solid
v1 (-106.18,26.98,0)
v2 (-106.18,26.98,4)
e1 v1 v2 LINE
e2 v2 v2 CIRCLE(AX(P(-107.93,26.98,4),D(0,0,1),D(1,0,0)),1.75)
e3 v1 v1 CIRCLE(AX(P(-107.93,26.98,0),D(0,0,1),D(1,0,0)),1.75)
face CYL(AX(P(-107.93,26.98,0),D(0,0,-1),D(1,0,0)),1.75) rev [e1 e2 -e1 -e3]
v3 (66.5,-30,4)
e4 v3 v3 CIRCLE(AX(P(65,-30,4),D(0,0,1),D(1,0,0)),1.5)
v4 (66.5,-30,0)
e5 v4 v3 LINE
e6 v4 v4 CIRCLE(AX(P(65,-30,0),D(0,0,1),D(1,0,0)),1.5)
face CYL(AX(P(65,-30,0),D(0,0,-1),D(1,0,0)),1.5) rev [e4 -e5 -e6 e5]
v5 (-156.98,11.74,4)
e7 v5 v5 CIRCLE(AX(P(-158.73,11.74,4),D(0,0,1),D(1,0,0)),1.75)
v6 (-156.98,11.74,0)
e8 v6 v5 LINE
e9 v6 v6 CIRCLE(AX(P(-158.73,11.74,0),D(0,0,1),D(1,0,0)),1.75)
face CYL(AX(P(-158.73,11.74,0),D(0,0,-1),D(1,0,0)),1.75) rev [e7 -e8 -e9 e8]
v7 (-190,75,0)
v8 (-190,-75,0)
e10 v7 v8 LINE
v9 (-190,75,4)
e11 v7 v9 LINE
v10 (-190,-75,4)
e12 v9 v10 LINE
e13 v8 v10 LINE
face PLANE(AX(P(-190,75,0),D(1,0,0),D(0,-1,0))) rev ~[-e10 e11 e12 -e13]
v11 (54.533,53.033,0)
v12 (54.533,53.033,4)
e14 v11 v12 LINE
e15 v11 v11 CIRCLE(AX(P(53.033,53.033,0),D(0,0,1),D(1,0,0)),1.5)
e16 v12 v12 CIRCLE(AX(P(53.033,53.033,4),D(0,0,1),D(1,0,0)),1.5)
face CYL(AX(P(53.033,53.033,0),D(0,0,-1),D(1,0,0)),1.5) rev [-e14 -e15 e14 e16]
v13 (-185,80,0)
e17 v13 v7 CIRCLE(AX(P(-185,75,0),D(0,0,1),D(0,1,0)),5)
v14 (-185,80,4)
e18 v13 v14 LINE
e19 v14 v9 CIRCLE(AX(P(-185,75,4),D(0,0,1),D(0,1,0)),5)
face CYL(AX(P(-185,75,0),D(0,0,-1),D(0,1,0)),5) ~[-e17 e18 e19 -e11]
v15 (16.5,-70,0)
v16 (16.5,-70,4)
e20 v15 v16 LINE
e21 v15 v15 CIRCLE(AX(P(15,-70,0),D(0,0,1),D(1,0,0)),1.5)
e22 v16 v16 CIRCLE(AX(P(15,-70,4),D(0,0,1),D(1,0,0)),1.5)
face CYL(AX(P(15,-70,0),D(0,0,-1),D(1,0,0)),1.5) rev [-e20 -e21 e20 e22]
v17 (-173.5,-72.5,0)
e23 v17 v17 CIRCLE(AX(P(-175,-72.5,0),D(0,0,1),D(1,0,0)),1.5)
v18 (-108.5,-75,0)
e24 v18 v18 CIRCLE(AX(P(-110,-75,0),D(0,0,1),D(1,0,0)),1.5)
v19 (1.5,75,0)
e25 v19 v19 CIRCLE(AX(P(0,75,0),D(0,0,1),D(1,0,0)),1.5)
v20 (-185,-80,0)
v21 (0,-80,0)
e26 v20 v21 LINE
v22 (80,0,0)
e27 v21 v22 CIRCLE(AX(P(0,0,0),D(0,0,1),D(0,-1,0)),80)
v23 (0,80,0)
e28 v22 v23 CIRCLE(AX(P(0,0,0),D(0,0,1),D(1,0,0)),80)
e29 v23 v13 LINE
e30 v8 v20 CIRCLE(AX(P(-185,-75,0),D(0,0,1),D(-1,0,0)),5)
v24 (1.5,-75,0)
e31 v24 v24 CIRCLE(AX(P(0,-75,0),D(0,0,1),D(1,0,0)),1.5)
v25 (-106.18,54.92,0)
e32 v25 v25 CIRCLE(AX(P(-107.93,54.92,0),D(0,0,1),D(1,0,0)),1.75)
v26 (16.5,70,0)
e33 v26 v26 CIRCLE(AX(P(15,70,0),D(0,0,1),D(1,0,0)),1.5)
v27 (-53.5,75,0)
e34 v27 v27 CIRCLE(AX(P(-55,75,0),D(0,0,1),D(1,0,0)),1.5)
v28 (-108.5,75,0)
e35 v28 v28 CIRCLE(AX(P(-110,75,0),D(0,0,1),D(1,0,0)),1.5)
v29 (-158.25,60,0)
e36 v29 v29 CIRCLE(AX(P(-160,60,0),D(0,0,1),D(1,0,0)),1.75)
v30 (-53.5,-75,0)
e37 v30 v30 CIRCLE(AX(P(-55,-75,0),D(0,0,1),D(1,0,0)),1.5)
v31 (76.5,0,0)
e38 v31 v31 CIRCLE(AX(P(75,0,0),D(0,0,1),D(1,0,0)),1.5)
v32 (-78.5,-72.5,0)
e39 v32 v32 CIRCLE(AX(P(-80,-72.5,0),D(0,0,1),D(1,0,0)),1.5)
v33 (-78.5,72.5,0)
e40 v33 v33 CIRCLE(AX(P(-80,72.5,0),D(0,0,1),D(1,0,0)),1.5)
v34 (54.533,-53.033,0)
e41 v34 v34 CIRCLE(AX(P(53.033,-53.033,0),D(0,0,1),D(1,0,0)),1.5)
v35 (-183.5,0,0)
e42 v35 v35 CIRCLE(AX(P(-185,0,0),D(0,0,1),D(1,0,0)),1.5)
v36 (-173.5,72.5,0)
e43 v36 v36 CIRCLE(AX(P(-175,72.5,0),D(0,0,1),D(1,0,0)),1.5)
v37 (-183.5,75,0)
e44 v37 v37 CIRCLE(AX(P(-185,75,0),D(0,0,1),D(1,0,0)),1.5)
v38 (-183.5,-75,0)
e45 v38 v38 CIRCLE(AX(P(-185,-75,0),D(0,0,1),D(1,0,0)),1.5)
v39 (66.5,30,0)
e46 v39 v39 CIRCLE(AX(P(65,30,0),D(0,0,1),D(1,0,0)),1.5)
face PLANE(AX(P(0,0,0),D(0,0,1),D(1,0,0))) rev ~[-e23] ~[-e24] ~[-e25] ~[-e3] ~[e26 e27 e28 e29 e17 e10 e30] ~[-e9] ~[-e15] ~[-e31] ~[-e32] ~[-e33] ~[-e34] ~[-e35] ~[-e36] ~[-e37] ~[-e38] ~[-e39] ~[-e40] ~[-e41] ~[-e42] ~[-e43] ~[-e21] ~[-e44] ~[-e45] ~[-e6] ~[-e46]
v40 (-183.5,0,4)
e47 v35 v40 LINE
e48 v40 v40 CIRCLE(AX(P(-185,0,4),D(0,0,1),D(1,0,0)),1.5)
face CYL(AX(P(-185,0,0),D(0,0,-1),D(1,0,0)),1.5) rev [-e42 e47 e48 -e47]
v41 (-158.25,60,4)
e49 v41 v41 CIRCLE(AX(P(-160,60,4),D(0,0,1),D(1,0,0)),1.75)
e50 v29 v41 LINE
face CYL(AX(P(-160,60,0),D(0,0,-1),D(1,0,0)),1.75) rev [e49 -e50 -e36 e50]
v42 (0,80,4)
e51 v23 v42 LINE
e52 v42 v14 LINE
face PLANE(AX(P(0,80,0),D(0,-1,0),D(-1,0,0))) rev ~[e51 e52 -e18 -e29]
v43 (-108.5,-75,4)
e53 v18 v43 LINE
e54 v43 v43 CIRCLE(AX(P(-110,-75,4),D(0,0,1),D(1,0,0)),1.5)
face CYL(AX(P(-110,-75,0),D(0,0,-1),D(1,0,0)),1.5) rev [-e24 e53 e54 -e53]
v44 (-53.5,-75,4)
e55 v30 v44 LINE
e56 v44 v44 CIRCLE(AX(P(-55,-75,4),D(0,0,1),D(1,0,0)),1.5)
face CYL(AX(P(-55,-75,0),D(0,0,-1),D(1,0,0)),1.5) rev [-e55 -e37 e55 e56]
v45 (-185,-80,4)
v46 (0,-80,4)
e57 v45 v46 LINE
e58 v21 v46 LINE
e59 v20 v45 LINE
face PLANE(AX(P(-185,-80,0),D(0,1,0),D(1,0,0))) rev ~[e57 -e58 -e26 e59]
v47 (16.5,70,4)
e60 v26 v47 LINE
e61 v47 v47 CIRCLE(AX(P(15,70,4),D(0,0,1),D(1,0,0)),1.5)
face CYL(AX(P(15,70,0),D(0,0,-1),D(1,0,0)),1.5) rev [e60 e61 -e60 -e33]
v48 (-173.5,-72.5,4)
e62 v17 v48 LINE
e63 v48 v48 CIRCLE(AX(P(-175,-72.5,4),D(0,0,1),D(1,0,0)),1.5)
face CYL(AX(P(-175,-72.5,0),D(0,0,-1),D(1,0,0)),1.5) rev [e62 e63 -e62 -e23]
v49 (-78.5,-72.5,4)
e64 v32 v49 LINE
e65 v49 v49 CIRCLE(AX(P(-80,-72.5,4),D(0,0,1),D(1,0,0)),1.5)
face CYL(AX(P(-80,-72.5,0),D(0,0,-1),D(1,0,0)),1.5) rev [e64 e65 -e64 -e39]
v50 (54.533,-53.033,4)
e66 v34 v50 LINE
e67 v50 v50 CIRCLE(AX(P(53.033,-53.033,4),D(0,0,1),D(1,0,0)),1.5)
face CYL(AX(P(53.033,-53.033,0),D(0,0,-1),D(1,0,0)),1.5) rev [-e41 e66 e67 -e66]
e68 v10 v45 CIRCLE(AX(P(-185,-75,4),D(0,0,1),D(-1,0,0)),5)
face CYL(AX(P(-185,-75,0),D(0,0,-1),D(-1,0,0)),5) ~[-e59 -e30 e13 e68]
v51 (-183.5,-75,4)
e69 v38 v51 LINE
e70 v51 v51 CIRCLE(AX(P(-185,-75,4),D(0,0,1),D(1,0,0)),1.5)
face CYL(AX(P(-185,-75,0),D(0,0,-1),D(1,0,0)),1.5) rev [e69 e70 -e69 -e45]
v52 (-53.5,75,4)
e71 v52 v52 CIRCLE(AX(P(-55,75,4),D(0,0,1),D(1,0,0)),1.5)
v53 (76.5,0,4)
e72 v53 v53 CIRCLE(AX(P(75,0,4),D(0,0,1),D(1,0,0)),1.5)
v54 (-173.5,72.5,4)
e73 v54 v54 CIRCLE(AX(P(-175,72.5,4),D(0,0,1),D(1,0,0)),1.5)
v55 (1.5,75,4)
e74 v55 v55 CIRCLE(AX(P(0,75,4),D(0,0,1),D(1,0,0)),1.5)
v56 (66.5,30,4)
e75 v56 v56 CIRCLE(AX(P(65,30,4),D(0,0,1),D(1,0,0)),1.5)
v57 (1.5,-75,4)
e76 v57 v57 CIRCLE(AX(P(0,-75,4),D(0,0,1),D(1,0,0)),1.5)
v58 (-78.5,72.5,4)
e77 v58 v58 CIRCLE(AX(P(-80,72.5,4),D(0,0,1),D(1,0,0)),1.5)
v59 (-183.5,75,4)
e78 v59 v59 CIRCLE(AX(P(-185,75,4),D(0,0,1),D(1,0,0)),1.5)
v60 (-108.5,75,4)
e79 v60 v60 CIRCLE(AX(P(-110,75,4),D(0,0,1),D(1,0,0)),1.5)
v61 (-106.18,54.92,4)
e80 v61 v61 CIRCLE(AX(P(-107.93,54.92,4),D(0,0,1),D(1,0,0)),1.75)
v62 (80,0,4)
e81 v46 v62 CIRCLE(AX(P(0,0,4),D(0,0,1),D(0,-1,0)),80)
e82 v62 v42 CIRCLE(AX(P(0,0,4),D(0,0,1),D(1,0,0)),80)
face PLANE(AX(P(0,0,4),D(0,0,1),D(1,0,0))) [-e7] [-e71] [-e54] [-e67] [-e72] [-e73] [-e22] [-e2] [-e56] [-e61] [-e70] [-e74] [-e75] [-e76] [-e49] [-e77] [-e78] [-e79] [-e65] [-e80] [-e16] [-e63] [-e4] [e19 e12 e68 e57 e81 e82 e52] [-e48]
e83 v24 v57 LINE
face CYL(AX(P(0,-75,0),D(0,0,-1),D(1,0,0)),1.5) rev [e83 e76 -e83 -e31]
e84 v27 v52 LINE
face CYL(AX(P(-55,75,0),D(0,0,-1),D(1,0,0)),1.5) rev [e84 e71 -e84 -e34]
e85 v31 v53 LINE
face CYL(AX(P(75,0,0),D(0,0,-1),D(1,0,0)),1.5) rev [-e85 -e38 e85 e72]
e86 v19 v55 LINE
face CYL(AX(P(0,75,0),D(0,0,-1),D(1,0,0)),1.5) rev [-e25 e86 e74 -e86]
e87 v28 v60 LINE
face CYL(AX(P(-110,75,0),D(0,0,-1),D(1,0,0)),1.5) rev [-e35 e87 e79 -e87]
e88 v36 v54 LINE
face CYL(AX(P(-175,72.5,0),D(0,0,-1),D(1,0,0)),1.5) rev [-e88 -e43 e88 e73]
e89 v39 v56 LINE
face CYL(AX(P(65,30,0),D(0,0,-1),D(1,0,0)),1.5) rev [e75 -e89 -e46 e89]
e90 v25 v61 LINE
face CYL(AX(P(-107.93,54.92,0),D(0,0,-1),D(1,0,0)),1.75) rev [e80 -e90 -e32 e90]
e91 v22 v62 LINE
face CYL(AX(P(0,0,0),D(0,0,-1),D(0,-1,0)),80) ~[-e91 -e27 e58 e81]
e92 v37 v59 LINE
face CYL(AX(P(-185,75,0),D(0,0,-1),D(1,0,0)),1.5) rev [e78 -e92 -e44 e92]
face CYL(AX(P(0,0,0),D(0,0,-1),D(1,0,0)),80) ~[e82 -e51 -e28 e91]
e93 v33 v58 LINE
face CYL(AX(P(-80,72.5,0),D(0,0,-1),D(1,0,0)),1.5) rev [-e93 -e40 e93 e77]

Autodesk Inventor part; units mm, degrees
ref_plane "YZ Plane" through (0, 0, 0) normal (1, 0, 0) x (0, 1, 0)
ref_plane "XZ Plane" through (0, 0, 0) normal (0, 1, 0) x (-1, 0, 0)
ref_plane "XY Plane" through (0, 0, 0) normal (0, 0, 1) x (1, 0, 0)
sketch "Sketch1" plane through (0, 0, 0) normal (0, 0, 1) x (1, 0, 0)
  line L0 (-185, -80) -> (0, -80)
  line L1 (0, 80) -> (-185, 80)
  line L2 (-190, 75) -> (-190, -75)
  line L3 (80, 0) -> (80, 0)
  arc A0 (0, -80) -> (80, 0) centre (0, 0) ccw
  arc A1 (80, 0) -> (0, 80) centre (0, 0) ccw
  circle A2 centre (75, 0) radius 1.5
  circle A3 centre (53.033, -53.033) radius 1.5
  circle A4 centre (0, -75) radius 1.5
  circle A5 centre (-55, -75) radius 1.5
  circle A6 centre (-110, -75) radius 1.5
  circle A7 centre (-185, -75) radius 1.5
  circle A8 centre (-185, 0) radius 1.5
  circle A9 centre (53.033, 53.033) radius 1.5
  circle A10 centre (0, 75) radius 1.5
  circle A11 centre (-55, 75) radius 1.5
  circle A12 centre (-110, 75) radius 1.5
  circle A13 centre (-185, 75) radius 1.5
  circle A14 centre (65, -30) radius 1.5
  circle A15 centre (65, 30) radius 1.5
  circle A16 centre (15, -70) radius 1.5
  circle A17 centre (-175, -72.5) radius 1.5
  circle A18 centre (-80, -72.5) radius 1.5
  circle A19 centre (15, 70) radius 1.5
  circle A20 centre (-175, 72.5) radius 1.5
  circle A21 centre (-80, 72.5) radius 1.5
  circle A22 centre (-160, 60) radius 1.75
  circle A23 centre (-158.73, 11.74) radius 1.75
  circle A24 centre (-107.93, 54.92) radius 1.75
  circle A25 centre (-107.93, 26.98) radius 1.75
  arc A26 (-185, 80) -> (-190, 75) centre (-185, 75) ccw
  arc A27 (-190, -75) -> (-185, -80) centre (-185, -75) ccw
  point P0 (120, -80)
  point P1 (80, 0)
  point P2 (-190, 0)
  point P3 (-92.5, -80)
  dimension "d49" = 80
  dimension "Furos" = 3
  dimension "d55" = 3
  dimension "d57" = 3
  dimension "d61" = 3
  dimension "d62" = 3
  dimension "d63" = 3
  dimension "d64" = 3
  dimension "d71" = 3
  dimension "d75" = 3
  dimension "d79" = 3
  dimension "d84" = 3
  dimension "d87" = 3.5
  dimension "d89" = 3.5
  dimension "d97" = 3.5
  dimension "d99" = 3.5
  dimension "d107" = 80
  dimension "d108" = 80
  dimension "d109" = 160
  dimension "d110" = 190
  dimension "d111" = 80
  dimension "d112" = 80
  dimension "d113" = 75
  dimension "d114" = 5
  dimension "d115" = 30
  dimension "d116" = 65
  dimension "d117" = 53.033
  dimension "d118" = 53.033
  dimension "d119" = 70
  dimension "d120" = 15
  dimension "d121" = 75
  dimension "d122" = 31.27
  dimension "d123" = 30
  dimension "d124" = 20
  dimension "d125" = 68.26
  dimension "d126" = 25.08
  dimension "d128" = 82.07
  dimension "d129" = 82.07
  dimension "d130" = 5
  dimension "d131" = 75
  dimension "d132" = 75
  dimension "d133" = 3
  dimension "d134" = 3
  dimension "d135" = 3
  dimension "d136" = 30
  dimension "d137" = 53.033
  dimension "d138" = 70
  dimension "d139" = 72.5
  dimension "d141" = 55
  dimension "d142" = 110
  dimension "d143" = 75
  dimension "d145" = 3
  dimension "d146" = 3
  dimension "d147" = 107.93
  dimension "d148" = 3
  dimension "d149" = 5
  dimension "d150" = 7.5
  dimension "d151" = 3
  dimension "d152" = 3
  dimension "d153" = 7.5
  dimension "d154" = 15
  dimension "d155" = 95
  dimension "d156" = 5
  dimension "d157" = 5
extrude "Extrusion1" add sketch "Sketch1" along normal blind 4
equation "\"d55\" = Furos"
equation "\"d57\" = Furos"
equation "\"d61\" = Furos"
equation "\"d62\" = Furos"
equation "\"d63\" = Furos"
equation "\"d64\" = Furos"
equation "\"d71\" = FA"
equation "\"d75\" = FA"
equation "\"d79\" = FA"
equation "\"d84\" = FA"
equation "\"FA\" = 3"
properties part number "testbasedown"
